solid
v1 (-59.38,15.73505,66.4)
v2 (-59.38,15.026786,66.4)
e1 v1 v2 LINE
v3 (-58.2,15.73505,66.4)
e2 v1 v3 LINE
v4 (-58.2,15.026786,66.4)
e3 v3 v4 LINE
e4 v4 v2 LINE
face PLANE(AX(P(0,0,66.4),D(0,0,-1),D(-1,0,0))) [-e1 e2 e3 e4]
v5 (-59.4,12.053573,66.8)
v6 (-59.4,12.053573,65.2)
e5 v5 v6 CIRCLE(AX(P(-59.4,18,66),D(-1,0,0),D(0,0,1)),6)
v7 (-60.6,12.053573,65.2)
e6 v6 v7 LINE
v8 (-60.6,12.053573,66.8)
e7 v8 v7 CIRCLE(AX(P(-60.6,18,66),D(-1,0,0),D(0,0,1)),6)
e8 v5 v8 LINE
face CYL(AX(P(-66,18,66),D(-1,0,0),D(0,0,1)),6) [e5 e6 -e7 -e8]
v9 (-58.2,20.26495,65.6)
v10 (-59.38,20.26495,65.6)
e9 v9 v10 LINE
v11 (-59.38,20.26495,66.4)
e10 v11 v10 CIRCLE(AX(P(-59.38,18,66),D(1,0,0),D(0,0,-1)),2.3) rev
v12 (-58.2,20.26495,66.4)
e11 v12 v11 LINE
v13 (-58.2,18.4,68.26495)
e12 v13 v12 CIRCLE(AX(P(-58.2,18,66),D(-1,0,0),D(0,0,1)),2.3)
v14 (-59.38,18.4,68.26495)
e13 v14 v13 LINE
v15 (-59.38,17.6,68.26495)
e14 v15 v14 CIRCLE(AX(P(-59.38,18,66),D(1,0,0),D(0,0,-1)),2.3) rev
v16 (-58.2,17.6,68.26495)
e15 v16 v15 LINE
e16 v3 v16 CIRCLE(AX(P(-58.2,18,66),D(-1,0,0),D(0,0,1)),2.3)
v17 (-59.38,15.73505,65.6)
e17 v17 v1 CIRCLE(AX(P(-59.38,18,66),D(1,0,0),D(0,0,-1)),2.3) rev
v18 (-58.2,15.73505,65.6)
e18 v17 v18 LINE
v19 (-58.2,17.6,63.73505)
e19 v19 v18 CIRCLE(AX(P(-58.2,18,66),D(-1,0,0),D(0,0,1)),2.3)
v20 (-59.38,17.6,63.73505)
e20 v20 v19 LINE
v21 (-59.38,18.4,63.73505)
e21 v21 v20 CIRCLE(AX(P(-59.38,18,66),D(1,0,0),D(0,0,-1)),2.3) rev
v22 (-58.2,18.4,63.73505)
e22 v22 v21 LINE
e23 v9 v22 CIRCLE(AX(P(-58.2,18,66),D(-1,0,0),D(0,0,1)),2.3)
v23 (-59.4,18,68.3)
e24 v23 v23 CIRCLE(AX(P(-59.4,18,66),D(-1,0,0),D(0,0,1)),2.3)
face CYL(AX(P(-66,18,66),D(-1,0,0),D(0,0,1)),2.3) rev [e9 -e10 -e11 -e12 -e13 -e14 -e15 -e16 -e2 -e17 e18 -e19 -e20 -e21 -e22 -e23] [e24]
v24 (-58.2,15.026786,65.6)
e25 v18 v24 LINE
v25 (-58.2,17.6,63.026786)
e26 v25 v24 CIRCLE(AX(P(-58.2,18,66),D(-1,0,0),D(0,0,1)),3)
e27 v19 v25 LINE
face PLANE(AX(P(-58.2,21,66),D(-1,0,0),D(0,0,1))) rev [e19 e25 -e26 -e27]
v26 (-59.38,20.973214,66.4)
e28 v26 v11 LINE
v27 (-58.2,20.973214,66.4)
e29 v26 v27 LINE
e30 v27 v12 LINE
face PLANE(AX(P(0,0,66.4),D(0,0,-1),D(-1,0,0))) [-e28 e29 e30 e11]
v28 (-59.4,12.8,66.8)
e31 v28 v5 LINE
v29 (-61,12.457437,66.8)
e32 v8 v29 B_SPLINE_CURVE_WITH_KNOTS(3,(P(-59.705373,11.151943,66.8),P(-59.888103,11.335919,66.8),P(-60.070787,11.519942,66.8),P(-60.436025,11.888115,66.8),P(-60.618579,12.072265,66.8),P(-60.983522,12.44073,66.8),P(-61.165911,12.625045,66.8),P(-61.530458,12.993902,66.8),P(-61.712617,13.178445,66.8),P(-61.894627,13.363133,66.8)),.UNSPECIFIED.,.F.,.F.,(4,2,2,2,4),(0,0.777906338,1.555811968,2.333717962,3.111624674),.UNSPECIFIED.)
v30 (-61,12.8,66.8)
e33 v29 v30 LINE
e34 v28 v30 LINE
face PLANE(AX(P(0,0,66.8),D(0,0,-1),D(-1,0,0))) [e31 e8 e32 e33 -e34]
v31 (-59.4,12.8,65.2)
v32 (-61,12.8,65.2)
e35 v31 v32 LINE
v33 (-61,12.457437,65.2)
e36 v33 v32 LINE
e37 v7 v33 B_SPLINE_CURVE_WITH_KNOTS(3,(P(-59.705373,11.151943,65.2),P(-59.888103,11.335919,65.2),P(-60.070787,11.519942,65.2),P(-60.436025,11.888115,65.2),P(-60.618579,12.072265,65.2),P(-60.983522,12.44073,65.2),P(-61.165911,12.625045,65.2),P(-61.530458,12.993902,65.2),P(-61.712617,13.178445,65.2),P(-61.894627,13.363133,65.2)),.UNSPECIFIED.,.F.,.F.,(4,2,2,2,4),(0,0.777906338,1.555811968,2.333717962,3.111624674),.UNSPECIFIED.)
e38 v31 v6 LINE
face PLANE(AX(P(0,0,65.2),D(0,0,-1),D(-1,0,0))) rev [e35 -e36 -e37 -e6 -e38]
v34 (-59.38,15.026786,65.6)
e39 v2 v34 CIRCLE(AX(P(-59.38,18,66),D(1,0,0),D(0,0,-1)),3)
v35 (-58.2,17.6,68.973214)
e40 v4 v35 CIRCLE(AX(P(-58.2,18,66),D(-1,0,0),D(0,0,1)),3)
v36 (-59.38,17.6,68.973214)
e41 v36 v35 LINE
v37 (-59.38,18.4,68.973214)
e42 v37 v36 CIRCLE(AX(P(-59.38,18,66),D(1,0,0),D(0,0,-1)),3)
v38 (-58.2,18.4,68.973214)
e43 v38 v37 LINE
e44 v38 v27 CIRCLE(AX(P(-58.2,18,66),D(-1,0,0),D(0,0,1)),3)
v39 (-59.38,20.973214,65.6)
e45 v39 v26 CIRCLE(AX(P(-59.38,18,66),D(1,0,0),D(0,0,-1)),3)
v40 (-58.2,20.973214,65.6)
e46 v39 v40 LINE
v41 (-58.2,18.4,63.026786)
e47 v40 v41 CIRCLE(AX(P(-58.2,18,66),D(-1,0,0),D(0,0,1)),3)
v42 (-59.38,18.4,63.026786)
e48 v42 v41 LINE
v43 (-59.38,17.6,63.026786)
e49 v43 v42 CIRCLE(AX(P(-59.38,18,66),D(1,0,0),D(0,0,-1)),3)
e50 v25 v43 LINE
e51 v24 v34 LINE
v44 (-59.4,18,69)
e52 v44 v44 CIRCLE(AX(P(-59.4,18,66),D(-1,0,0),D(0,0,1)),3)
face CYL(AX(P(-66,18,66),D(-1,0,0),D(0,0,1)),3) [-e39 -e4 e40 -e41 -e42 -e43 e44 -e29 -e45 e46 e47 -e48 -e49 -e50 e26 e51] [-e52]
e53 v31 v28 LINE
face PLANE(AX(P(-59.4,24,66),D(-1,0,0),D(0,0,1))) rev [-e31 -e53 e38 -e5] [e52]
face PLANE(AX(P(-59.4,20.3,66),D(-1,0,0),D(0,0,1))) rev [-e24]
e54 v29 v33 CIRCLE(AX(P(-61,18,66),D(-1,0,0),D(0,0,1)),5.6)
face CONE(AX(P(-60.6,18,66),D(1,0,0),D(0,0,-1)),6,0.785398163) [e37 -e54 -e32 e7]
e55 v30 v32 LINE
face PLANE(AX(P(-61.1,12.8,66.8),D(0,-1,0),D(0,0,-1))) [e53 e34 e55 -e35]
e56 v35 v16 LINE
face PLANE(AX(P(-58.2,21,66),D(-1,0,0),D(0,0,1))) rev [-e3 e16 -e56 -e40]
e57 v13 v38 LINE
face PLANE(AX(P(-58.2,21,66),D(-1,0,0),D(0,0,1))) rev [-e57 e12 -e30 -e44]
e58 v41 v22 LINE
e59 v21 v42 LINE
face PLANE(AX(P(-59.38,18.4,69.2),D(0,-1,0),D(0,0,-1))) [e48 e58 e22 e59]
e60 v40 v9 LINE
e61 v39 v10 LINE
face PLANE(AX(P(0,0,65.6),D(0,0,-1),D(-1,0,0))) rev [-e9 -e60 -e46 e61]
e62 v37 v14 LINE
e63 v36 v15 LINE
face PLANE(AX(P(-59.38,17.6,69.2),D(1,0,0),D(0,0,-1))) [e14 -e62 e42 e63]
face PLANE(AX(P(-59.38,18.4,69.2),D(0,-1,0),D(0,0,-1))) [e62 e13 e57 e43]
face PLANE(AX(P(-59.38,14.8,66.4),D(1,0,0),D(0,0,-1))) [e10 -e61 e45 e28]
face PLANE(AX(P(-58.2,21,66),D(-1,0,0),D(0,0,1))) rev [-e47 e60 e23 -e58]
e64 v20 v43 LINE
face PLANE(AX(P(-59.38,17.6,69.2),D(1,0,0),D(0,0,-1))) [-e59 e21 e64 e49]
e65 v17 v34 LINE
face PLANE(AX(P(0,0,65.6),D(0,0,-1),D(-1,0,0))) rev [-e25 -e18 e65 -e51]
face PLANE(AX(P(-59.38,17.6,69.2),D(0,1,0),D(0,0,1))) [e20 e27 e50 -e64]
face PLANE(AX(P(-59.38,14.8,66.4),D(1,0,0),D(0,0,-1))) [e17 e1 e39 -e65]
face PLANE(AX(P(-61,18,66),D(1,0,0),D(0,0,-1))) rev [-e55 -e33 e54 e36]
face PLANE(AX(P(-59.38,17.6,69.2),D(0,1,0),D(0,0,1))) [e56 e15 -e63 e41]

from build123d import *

# Parameters (mm, degrees)
BOSS_EXTRUDE1_START = 62.8
SKETCH2_W           = 1.28
SKETCH2_H           = 0.8
BOSS_EXTRUDE1_DEPTH = 6.4
BOSS_EXTRUDE2_START = 65.6
SKETCH3_W           = 1.28
SKETCH3_H           = 6.4
BOSS_EXTRUDE2_DEPTH = 0.8
BOSS_EXTRUDE3_START = 65.2
SKETCH4_W           = 1.8
SKETCH4_H           = 0.9
BOSS_EXTRUDE3_DEPTH = 1.6


with BuildPart() as part:
    # Sketch1 → Revolve1 (revolve)
    with BuildSketch(Plane.XY.offset(66), mode=Mode.PRIVATE) as revolve1_sk:
        Polygon((-58.2, 20.3), (-59.4, 20.3), (-59.4, 18), (-61, 18), (-61, 23.6), (-60.6, 24), (-59.4, 24), (-59.4, 21), (-58.2, 21), align=None)
    revolve(revolve1_sk.sketch.rotate(Axis((-66, 18, 66), (1, 0, 0)), 90), axis=Axis((-66, 18, 66), (1, 0, 0)))


with BuildPart() as body_2:
    # Sketch2 → Boss-Extrude1 (new body)
    with BuildSketch(Plane.XY.offset(BOSS_EXTRUDE1_START)):
        with Locations((-58.74, 18)):
            Rectangle(SKETCH2_W, SKETCH2_H)
    extrude(amount=BOSS_EXTRUDE1_DEPTH)


with BuildPart() as part_1:
    add(part.part)

    # Combine1: cut body 2
    add(body_2.part, mode=Mode.SUBTRACT)


with BuildPart() as body_2_2:
    # Sketch3 → Boss-Extrude2 (new body)
    with BuildSketch(Plane.XY.offset(BOSS_EXTRUDE2_START)):
        with Locations((-58.74, 18)):
            Rectangle(SKETCH3_W, SKETCH3_H)
    extrude(amount=BOSS_EXTRUDE2_DEPTH)


with BuildPart() as part_2:
    add(part_1.part)

    # Combine2: cut body 2 2
    add(body_2_2.part, mode=Mode.SUBTRACT)


with BuildPart() as body_2_3:
    # Sketch4 → Boss-Extrude3 (new body)
    with BuildSketch(Plane.XY.offset(BOSS_EXTRUDE3_START)):
        with Locations((-60.2, 12.35)):
            Rectangle(SKETCH4_W, SKETCH4_H)
    extrude(amount=BOSS_EXTRUDE3_DEPTH)


with BuildPart() as part_3:
    add(part_2.part)

    # Combine3: cut body 2 3
    add(body_2_3.part, mode=Mode.SUBTRACT)


solid = part_3.part
